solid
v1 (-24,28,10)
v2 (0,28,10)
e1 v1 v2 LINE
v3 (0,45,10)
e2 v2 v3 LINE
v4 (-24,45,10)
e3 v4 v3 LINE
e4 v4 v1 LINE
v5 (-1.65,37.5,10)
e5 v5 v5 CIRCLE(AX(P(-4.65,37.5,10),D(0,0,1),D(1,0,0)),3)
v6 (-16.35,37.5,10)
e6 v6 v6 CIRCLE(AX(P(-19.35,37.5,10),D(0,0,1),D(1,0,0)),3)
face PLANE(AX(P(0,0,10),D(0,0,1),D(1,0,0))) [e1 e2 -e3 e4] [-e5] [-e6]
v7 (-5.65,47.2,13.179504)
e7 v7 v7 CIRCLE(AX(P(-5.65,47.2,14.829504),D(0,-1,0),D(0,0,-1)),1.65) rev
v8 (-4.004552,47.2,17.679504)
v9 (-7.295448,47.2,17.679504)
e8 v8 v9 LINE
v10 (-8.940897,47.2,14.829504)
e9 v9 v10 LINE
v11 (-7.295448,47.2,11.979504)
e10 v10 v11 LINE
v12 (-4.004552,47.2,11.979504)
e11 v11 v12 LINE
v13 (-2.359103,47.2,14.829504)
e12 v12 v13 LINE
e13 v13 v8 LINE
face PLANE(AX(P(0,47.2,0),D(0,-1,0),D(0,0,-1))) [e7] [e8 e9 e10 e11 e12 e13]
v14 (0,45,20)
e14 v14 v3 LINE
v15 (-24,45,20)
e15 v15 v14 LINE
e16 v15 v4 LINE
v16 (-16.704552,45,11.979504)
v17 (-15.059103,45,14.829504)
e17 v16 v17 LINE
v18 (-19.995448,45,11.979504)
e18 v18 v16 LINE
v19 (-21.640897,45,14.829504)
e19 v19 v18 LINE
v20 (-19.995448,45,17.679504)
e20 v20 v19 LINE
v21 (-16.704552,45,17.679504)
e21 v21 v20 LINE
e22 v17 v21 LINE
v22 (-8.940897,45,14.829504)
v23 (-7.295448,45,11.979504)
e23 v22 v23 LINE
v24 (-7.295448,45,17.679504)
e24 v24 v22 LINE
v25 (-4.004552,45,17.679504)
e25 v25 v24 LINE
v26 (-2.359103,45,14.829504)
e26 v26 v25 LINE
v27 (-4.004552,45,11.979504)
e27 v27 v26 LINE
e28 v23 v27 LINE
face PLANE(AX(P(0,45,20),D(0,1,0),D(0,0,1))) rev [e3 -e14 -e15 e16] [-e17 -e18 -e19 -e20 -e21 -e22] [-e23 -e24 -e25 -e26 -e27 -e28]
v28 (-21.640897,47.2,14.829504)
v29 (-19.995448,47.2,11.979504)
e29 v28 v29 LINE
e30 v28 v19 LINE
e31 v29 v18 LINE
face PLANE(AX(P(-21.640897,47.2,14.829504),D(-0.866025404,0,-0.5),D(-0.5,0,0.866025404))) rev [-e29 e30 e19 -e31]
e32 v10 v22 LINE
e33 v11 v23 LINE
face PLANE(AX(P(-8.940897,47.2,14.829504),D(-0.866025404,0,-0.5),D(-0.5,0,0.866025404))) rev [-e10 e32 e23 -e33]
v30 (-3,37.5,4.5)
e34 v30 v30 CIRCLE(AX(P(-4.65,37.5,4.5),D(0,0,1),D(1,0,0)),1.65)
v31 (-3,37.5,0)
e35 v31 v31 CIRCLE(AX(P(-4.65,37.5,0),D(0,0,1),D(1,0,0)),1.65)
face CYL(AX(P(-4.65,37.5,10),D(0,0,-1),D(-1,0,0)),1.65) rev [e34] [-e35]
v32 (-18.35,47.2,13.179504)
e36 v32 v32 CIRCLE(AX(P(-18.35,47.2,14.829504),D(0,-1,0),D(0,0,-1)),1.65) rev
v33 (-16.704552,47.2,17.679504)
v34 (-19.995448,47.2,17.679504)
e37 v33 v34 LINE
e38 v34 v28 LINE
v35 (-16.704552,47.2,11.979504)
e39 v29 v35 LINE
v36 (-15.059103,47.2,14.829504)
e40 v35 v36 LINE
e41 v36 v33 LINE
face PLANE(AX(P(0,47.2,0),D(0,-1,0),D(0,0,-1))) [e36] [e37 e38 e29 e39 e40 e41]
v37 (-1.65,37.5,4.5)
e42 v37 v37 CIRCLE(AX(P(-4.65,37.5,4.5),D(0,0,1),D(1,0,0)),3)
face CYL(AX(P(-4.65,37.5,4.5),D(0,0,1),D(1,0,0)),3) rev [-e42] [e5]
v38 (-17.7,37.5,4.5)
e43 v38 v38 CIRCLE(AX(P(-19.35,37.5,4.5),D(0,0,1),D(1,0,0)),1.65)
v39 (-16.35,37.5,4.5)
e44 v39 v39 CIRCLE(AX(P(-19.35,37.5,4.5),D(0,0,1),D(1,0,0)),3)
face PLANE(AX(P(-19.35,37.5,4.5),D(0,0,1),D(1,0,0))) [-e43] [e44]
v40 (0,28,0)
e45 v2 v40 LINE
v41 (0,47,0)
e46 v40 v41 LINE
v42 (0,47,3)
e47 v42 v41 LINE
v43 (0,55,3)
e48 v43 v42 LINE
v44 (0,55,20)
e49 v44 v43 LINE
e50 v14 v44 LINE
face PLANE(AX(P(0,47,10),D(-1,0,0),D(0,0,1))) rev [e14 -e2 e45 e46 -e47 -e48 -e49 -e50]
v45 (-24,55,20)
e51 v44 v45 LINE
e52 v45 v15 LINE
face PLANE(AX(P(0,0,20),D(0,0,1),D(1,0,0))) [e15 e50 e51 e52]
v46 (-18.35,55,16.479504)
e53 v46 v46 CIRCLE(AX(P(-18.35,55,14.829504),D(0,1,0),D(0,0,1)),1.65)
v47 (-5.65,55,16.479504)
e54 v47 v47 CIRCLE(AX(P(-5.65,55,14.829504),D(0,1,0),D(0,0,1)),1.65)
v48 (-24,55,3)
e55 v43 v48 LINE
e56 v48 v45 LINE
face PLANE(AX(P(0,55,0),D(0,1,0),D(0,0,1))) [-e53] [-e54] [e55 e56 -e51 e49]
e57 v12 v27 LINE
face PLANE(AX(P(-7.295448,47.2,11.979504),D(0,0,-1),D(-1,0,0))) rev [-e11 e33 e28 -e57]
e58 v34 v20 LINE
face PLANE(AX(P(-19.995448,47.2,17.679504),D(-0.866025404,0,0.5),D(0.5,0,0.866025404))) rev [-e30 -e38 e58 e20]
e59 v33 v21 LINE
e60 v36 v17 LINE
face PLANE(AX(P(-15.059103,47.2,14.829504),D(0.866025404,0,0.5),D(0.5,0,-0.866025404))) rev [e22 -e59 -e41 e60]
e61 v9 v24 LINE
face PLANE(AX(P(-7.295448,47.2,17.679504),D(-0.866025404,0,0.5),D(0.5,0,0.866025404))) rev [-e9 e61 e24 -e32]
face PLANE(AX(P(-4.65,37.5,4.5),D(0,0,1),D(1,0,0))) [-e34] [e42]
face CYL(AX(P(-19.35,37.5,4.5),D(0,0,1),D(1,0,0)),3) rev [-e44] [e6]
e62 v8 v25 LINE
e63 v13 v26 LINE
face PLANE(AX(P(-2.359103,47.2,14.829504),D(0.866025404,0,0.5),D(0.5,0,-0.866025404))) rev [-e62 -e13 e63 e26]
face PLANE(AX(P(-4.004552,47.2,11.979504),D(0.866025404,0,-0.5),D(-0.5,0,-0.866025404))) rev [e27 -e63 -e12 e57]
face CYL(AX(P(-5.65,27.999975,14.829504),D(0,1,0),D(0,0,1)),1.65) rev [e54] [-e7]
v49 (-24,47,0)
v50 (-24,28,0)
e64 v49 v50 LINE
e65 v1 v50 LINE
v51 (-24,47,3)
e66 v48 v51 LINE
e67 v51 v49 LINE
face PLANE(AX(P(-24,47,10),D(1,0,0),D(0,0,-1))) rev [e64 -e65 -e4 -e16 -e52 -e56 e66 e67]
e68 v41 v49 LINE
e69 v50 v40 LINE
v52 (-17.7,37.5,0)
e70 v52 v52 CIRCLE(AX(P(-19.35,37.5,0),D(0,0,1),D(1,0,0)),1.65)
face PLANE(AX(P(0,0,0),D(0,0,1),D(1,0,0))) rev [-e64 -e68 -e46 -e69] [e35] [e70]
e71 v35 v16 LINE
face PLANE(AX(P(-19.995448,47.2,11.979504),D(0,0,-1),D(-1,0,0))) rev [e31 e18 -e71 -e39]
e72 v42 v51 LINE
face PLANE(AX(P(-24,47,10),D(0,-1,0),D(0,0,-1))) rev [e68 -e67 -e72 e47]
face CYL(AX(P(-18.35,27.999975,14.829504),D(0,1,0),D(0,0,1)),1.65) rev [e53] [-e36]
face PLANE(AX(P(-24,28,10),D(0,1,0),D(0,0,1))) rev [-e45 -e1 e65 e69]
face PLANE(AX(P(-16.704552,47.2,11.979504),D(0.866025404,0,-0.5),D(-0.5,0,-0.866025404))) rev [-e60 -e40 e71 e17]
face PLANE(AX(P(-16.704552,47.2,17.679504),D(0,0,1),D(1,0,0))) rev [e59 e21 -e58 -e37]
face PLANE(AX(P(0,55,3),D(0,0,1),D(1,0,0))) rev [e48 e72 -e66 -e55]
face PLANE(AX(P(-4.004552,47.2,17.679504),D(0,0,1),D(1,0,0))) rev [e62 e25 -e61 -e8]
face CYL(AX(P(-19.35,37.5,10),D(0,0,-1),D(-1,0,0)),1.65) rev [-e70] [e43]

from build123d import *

# Parameters (mm, degrees)
SKETCH1_W           = 24
SKETCH1_H           = 19
SKETCH1_R           = 1.65
BOSS_EXTRUDE1_DEPTH = 10
SKETCH2_R           = 3
CUT_EXTRUDE1_DEPTH  = 5.5
SKETCH4_W           = 24
SKETCH4_H           = 7
BOSS_EXTRUDE2_DEPTH = 8
SKETCH6_W           = 24
SKETCH6_H           = 10
BOSS_EXTRUDE3_DEPTH = 10
SKETCH7_R           = 1.65
CUT_EXTRUDE2_DEPTH  = 28
CUT_EXTRUDE3_DEPTH  = 2.2


with BuildPart() as part:
    # Sketch1 → Boss-Extrude1 (new body)
    with BuildSketch(Plane.XY):
        with Locations((-12, 37.5)):
            Rectangle(SKETCH1_W, SKETCH1_H)
        with Locations((-19.35, 37.5)):
            Circle(SKETCH1_R, mode=Mode.SUBTRACT)
        with Locations((-4.65, 37.5)):
            Circle(SKETCH1_R, mode=Mode.SUBTRACT)
    extrude(amount=BOSS_EXTRUDE1_DEPTH)

    # Sketch2 → Cut-Extrude1 (cut)
    with BuildSketch(Plane.XY.offset(10)):
        with Locations((-4.65, 37.5)):
            Circle(SKETCH2_R)
        with Locations((-19.35, 37.5)):
            Circle(SKETCH2_R)
    extrude(amount=-CUT_EXTRUDE1_DEPTH, mode=Mode.SUBTRACT)

    # Sketch4 → Boss-Extrude2 (add)
    with BuildSketch(Plane(origin=(0, 47, 0), x_dir=(1, 0, 0), z_dir=(0, 1, 0))):
        with Locations((-12, -6.5)):
            Rectangle(SKETCH4_W, SKETCH4_H)
    extrude(amount=BOSS_EXTRUDE2_DEPTH)

    # Sketch6 → Boss-Extrude3 (add)
    with BuildSketch(Plane.XY.offset(10)):
        with Locations((-12, 50)):
            Rectangle(SKETCH6_W, SKETCH6_H)
    extrude(amount=BOSS_EXTRUDE3_DEPTH)

    # Sketch7 → Cut-Extrude2 (cut, through all)
    with BuildSketch(Plane(origin=(0, 55, 0), x_dir=(1, 0, 0), z_dir=(0, 1, 0))):
        with Locations((-5.65, -14.829504021)):
            Circle(SKETCH7_R)
        with Locations((-18.35, -14.829504021)):
            Circle(SKETCH7_R)
    extrude(amount=-CUT_EXTRUDE2_DEPTH, mode=Mode.SUBTRACT)

    # Sketch8 → Cut-Extrude3 (cut)
    with BuildSketch(Plane.XZ.offset(-45)):
        Polygon((-2.359103466, 14.829504021), (-4.004551733, 17.679504021), (-7.295448267, 17.679504021), (-8.940896534, 14.829504021), (-7.295448267, 11.979504021), (-4.004551733, 11.979504021), align=None)
        Polygon((-15.059103466, 14.829504021), (-16.704551733, 17.679504021), (-19.995448267, 17.679504021), (-21.640896534, 14.829504021), (-19.995448267, 11.979504021), (-16.704551733, 11.979504021), align=None)
    extrude(amount=-CUT_EXTRUDE3_DEPTH, mode=Mode.SUBTRACT)


solid = part.part
